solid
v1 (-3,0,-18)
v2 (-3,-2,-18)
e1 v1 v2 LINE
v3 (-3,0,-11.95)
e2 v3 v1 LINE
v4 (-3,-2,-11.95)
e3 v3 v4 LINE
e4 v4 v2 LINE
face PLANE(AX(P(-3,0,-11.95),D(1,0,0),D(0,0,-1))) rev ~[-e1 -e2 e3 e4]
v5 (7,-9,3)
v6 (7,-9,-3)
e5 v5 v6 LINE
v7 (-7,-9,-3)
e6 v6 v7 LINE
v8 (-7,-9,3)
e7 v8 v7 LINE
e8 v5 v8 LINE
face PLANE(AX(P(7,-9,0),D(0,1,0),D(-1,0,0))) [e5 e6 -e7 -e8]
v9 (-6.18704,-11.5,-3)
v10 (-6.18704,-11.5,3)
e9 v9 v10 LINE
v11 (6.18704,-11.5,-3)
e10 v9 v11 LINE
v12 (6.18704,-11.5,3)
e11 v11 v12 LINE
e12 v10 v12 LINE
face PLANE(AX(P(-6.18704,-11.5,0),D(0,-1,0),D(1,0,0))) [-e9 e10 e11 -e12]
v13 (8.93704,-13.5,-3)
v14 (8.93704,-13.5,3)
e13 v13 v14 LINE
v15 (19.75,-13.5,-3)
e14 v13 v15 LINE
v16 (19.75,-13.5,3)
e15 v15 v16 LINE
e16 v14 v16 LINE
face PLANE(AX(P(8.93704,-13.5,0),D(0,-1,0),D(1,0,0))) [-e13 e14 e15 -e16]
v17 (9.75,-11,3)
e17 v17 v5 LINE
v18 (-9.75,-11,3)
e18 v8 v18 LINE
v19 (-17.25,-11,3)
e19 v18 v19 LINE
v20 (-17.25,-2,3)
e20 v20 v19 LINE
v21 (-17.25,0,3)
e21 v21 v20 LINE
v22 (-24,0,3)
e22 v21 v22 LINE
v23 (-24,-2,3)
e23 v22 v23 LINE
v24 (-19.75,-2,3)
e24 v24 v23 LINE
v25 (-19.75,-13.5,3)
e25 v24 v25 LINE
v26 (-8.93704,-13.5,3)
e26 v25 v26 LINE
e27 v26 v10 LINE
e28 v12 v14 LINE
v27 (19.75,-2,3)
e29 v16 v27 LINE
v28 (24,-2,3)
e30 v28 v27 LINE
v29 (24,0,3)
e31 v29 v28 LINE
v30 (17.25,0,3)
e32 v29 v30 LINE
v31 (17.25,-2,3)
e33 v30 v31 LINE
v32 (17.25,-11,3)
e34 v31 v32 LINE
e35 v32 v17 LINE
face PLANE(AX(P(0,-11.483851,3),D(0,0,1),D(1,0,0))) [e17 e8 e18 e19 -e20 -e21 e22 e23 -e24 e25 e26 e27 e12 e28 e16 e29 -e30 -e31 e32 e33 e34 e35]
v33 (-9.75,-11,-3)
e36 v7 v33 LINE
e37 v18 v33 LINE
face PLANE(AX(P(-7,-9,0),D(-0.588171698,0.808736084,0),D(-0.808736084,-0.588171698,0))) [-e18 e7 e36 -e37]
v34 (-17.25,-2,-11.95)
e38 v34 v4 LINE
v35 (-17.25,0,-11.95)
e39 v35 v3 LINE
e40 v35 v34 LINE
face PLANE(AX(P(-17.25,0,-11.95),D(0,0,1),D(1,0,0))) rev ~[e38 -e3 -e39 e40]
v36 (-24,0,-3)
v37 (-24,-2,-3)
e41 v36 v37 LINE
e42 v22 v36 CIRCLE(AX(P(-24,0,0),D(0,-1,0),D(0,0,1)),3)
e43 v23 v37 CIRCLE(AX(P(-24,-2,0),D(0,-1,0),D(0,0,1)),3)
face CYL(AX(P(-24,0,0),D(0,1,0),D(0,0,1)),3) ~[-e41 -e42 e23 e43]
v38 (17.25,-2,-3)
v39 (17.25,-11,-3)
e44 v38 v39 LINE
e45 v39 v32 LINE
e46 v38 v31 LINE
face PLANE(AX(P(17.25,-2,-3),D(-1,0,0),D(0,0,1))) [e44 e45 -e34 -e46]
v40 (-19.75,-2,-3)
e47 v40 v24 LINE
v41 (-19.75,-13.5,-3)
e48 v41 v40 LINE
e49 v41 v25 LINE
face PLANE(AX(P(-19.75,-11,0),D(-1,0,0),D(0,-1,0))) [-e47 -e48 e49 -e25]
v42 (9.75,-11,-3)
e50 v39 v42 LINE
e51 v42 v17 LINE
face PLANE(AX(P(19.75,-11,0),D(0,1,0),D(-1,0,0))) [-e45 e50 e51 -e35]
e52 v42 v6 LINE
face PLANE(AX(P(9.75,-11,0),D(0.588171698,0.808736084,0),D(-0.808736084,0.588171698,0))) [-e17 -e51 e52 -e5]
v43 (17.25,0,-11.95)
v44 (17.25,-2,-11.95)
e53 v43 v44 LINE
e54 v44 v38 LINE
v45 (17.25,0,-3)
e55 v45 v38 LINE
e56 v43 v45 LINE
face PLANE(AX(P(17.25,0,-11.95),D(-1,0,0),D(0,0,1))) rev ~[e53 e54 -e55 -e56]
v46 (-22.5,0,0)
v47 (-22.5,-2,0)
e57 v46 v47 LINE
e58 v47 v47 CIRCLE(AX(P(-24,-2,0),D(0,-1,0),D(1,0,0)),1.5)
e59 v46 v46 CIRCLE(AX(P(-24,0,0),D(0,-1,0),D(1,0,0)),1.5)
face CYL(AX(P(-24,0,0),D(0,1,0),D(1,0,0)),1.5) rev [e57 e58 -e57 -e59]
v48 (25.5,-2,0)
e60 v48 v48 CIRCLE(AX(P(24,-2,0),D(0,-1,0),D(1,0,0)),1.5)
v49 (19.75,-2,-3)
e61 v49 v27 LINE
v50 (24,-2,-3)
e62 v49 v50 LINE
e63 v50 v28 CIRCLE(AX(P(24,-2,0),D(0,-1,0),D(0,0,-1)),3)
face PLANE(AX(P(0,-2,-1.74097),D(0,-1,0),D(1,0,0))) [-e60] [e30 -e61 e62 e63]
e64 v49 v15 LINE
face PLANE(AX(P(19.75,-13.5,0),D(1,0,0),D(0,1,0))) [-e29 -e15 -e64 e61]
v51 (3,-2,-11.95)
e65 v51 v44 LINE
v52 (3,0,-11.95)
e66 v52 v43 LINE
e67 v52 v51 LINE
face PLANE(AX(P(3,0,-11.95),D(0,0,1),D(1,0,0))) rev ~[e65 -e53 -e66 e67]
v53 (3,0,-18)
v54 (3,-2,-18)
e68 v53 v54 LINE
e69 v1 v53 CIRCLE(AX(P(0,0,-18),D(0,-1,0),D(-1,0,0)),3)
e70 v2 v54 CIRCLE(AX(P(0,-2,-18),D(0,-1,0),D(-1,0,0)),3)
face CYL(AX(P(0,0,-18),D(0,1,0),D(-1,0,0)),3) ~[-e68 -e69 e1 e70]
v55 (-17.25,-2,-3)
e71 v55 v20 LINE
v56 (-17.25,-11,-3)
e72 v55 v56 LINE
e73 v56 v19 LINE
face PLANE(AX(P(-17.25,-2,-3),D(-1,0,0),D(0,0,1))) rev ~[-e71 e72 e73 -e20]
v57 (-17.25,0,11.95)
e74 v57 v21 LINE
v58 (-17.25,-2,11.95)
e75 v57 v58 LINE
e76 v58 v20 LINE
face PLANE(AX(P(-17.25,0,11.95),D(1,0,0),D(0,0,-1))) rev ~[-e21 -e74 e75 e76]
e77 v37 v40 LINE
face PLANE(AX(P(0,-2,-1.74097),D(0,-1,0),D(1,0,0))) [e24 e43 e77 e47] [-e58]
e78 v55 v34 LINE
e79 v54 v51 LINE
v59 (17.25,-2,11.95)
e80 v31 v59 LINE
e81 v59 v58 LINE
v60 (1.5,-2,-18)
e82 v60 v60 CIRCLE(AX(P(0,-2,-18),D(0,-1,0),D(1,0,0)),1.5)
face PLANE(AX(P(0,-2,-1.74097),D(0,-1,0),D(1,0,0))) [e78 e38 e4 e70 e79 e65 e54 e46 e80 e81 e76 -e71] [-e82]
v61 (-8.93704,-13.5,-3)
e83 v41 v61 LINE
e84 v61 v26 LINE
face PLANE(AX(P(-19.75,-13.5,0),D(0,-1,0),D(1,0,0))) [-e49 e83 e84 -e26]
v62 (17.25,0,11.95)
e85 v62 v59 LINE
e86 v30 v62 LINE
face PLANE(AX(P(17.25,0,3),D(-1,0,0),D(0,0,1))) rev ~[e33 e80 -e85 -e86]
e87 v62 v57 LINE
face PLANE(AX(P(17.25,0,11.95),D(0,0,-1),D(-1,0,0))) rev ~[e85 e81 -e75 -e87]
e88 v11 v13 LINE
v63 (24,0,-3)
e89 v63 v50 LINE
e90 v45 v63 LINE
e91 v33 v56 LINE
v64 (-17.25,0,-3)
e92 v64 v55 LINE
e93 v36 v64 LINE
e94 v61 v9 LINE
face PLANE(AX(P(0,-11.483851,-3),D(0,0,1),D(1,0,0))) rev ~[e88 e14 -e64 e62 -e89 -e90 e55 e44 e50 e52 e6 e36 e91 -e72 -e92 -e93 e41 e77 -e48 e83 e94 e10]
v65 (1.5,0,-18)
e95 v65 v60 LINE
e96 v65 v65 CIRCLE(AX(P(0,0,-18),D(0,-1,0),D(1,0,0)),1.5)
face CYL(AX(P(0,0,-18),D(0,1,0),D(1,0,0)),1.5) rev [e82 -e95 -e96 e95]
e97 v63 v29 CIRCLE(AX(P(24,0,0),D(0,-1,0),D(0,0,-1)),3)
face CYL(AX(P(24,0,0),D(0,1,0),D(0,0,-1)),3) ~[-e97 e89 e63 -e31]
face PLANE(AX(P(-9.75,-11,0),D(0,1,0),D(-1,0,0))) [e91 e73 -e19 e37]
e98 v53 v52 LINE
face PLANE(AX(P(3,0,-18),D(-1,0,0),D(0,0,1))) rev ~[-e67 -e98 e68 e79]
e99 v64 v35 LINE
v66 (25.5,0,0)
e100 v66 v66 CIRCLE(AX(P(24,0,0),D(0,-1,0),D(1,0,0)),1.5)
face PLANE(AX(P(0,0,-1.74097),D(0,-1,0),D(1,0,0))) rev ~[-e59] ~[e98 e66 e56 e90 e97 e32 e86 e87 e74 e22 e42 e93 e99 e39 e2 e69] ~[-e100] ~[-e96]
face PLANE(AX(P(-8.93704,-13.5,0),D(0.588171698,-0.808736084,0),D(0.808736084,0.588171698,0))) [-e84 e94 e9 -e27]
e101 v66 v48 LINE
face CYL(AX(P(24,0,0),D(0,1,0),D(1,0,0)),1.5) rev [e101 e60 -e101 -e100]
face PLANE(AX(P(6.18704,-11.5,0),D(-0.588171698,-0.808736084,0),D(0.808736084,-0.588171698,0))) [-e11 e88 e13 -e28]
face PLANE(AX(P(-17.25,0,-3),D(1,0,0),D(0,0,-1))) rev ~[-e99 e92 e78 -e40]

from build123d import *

# Parameters (mm, degrees)
F0_R     = 1.5
F1_DEPTH = 2
F2_W     = 2.5
F2_H     = 6
F3_DEPTH = 9
F5_DEPTH = 3


with BuildPart() as f1:
    # F0 (on Front) → F1 (new body)
    with BuildSketch(Plane.XZ):
        with BuildLine():
            Line((3, -11.95), (17.25, -11.95))
            Line((17.25, -11.95), (17.25, -3))
            Line((17.25, -3), (24, -3))
            ThreePointArc((24, -3), (27, 0), (24, 3))
            Line((24, 3), (17.25, 3))
            Line((17.25, 3), (17.25, 11.95))
            Line((17.25, 11.95), (-17.25, 11.95))
            Line((-17.25, 11.95), (-17.25, 3))
            Line((-17.25, 3), (-24, 3))
            ThreePointArc((-24, 3), (-27, 0), (-24, -3))
            Line((-24, -3), (-17.25, -3))
            Line((-17.25, -3), (-17.25, -11.95))
            Line((-17.25, -11.95), (-3, -11.95))
            Line((-3, -11.95), (-3, -18))
            ThreePointArc((-3, -18), (0, -21), (3, -18))
            Line((3, -18), (3, -11.95))
        make_face()
        with Locations((0, -18)):
            Circle(F0_R, mode=Mode.SUBTRACT)
        with Locations((-24, 0)):
            Circle(F0_R, mode=Mode.SUBTRACT)
        with Locations((24, 0)):
            Circle(F0_R, mode=Mode.SUBTRACT)
    extrude(amount=F1_DEPTH)

    # F2 (on face) → F3 (join)
    with BuildSketch(Plane.XZ.offset(2)):
        with Locations((-18.5, 0)):
            Rectangle(F2_W, F2_H)
        with Locations((18.5, 0)):
            Rectangle(F2_W, F2_H)
    extrude(amount=F3_DEPTH)

    # F4 (on Top) → F5 (join, symmetric)
    with BuildSketch(Plane.XY):
        Polygon((-9.75, -11), (-19.75, -11), (-19.75, -13.5), (-8.93704, -13.5), (-6.18704, -11.5), (0, -11.5), (6.18704, -11.5), (8.93704, -13.5), (19.75, -13.5), (19.75, -11), (9.75, -11), (7, -9), (0, -9), (-7, -9), align=None)
    extrude(amount=F5_DEPTH, both=True)


solid = f1.part
